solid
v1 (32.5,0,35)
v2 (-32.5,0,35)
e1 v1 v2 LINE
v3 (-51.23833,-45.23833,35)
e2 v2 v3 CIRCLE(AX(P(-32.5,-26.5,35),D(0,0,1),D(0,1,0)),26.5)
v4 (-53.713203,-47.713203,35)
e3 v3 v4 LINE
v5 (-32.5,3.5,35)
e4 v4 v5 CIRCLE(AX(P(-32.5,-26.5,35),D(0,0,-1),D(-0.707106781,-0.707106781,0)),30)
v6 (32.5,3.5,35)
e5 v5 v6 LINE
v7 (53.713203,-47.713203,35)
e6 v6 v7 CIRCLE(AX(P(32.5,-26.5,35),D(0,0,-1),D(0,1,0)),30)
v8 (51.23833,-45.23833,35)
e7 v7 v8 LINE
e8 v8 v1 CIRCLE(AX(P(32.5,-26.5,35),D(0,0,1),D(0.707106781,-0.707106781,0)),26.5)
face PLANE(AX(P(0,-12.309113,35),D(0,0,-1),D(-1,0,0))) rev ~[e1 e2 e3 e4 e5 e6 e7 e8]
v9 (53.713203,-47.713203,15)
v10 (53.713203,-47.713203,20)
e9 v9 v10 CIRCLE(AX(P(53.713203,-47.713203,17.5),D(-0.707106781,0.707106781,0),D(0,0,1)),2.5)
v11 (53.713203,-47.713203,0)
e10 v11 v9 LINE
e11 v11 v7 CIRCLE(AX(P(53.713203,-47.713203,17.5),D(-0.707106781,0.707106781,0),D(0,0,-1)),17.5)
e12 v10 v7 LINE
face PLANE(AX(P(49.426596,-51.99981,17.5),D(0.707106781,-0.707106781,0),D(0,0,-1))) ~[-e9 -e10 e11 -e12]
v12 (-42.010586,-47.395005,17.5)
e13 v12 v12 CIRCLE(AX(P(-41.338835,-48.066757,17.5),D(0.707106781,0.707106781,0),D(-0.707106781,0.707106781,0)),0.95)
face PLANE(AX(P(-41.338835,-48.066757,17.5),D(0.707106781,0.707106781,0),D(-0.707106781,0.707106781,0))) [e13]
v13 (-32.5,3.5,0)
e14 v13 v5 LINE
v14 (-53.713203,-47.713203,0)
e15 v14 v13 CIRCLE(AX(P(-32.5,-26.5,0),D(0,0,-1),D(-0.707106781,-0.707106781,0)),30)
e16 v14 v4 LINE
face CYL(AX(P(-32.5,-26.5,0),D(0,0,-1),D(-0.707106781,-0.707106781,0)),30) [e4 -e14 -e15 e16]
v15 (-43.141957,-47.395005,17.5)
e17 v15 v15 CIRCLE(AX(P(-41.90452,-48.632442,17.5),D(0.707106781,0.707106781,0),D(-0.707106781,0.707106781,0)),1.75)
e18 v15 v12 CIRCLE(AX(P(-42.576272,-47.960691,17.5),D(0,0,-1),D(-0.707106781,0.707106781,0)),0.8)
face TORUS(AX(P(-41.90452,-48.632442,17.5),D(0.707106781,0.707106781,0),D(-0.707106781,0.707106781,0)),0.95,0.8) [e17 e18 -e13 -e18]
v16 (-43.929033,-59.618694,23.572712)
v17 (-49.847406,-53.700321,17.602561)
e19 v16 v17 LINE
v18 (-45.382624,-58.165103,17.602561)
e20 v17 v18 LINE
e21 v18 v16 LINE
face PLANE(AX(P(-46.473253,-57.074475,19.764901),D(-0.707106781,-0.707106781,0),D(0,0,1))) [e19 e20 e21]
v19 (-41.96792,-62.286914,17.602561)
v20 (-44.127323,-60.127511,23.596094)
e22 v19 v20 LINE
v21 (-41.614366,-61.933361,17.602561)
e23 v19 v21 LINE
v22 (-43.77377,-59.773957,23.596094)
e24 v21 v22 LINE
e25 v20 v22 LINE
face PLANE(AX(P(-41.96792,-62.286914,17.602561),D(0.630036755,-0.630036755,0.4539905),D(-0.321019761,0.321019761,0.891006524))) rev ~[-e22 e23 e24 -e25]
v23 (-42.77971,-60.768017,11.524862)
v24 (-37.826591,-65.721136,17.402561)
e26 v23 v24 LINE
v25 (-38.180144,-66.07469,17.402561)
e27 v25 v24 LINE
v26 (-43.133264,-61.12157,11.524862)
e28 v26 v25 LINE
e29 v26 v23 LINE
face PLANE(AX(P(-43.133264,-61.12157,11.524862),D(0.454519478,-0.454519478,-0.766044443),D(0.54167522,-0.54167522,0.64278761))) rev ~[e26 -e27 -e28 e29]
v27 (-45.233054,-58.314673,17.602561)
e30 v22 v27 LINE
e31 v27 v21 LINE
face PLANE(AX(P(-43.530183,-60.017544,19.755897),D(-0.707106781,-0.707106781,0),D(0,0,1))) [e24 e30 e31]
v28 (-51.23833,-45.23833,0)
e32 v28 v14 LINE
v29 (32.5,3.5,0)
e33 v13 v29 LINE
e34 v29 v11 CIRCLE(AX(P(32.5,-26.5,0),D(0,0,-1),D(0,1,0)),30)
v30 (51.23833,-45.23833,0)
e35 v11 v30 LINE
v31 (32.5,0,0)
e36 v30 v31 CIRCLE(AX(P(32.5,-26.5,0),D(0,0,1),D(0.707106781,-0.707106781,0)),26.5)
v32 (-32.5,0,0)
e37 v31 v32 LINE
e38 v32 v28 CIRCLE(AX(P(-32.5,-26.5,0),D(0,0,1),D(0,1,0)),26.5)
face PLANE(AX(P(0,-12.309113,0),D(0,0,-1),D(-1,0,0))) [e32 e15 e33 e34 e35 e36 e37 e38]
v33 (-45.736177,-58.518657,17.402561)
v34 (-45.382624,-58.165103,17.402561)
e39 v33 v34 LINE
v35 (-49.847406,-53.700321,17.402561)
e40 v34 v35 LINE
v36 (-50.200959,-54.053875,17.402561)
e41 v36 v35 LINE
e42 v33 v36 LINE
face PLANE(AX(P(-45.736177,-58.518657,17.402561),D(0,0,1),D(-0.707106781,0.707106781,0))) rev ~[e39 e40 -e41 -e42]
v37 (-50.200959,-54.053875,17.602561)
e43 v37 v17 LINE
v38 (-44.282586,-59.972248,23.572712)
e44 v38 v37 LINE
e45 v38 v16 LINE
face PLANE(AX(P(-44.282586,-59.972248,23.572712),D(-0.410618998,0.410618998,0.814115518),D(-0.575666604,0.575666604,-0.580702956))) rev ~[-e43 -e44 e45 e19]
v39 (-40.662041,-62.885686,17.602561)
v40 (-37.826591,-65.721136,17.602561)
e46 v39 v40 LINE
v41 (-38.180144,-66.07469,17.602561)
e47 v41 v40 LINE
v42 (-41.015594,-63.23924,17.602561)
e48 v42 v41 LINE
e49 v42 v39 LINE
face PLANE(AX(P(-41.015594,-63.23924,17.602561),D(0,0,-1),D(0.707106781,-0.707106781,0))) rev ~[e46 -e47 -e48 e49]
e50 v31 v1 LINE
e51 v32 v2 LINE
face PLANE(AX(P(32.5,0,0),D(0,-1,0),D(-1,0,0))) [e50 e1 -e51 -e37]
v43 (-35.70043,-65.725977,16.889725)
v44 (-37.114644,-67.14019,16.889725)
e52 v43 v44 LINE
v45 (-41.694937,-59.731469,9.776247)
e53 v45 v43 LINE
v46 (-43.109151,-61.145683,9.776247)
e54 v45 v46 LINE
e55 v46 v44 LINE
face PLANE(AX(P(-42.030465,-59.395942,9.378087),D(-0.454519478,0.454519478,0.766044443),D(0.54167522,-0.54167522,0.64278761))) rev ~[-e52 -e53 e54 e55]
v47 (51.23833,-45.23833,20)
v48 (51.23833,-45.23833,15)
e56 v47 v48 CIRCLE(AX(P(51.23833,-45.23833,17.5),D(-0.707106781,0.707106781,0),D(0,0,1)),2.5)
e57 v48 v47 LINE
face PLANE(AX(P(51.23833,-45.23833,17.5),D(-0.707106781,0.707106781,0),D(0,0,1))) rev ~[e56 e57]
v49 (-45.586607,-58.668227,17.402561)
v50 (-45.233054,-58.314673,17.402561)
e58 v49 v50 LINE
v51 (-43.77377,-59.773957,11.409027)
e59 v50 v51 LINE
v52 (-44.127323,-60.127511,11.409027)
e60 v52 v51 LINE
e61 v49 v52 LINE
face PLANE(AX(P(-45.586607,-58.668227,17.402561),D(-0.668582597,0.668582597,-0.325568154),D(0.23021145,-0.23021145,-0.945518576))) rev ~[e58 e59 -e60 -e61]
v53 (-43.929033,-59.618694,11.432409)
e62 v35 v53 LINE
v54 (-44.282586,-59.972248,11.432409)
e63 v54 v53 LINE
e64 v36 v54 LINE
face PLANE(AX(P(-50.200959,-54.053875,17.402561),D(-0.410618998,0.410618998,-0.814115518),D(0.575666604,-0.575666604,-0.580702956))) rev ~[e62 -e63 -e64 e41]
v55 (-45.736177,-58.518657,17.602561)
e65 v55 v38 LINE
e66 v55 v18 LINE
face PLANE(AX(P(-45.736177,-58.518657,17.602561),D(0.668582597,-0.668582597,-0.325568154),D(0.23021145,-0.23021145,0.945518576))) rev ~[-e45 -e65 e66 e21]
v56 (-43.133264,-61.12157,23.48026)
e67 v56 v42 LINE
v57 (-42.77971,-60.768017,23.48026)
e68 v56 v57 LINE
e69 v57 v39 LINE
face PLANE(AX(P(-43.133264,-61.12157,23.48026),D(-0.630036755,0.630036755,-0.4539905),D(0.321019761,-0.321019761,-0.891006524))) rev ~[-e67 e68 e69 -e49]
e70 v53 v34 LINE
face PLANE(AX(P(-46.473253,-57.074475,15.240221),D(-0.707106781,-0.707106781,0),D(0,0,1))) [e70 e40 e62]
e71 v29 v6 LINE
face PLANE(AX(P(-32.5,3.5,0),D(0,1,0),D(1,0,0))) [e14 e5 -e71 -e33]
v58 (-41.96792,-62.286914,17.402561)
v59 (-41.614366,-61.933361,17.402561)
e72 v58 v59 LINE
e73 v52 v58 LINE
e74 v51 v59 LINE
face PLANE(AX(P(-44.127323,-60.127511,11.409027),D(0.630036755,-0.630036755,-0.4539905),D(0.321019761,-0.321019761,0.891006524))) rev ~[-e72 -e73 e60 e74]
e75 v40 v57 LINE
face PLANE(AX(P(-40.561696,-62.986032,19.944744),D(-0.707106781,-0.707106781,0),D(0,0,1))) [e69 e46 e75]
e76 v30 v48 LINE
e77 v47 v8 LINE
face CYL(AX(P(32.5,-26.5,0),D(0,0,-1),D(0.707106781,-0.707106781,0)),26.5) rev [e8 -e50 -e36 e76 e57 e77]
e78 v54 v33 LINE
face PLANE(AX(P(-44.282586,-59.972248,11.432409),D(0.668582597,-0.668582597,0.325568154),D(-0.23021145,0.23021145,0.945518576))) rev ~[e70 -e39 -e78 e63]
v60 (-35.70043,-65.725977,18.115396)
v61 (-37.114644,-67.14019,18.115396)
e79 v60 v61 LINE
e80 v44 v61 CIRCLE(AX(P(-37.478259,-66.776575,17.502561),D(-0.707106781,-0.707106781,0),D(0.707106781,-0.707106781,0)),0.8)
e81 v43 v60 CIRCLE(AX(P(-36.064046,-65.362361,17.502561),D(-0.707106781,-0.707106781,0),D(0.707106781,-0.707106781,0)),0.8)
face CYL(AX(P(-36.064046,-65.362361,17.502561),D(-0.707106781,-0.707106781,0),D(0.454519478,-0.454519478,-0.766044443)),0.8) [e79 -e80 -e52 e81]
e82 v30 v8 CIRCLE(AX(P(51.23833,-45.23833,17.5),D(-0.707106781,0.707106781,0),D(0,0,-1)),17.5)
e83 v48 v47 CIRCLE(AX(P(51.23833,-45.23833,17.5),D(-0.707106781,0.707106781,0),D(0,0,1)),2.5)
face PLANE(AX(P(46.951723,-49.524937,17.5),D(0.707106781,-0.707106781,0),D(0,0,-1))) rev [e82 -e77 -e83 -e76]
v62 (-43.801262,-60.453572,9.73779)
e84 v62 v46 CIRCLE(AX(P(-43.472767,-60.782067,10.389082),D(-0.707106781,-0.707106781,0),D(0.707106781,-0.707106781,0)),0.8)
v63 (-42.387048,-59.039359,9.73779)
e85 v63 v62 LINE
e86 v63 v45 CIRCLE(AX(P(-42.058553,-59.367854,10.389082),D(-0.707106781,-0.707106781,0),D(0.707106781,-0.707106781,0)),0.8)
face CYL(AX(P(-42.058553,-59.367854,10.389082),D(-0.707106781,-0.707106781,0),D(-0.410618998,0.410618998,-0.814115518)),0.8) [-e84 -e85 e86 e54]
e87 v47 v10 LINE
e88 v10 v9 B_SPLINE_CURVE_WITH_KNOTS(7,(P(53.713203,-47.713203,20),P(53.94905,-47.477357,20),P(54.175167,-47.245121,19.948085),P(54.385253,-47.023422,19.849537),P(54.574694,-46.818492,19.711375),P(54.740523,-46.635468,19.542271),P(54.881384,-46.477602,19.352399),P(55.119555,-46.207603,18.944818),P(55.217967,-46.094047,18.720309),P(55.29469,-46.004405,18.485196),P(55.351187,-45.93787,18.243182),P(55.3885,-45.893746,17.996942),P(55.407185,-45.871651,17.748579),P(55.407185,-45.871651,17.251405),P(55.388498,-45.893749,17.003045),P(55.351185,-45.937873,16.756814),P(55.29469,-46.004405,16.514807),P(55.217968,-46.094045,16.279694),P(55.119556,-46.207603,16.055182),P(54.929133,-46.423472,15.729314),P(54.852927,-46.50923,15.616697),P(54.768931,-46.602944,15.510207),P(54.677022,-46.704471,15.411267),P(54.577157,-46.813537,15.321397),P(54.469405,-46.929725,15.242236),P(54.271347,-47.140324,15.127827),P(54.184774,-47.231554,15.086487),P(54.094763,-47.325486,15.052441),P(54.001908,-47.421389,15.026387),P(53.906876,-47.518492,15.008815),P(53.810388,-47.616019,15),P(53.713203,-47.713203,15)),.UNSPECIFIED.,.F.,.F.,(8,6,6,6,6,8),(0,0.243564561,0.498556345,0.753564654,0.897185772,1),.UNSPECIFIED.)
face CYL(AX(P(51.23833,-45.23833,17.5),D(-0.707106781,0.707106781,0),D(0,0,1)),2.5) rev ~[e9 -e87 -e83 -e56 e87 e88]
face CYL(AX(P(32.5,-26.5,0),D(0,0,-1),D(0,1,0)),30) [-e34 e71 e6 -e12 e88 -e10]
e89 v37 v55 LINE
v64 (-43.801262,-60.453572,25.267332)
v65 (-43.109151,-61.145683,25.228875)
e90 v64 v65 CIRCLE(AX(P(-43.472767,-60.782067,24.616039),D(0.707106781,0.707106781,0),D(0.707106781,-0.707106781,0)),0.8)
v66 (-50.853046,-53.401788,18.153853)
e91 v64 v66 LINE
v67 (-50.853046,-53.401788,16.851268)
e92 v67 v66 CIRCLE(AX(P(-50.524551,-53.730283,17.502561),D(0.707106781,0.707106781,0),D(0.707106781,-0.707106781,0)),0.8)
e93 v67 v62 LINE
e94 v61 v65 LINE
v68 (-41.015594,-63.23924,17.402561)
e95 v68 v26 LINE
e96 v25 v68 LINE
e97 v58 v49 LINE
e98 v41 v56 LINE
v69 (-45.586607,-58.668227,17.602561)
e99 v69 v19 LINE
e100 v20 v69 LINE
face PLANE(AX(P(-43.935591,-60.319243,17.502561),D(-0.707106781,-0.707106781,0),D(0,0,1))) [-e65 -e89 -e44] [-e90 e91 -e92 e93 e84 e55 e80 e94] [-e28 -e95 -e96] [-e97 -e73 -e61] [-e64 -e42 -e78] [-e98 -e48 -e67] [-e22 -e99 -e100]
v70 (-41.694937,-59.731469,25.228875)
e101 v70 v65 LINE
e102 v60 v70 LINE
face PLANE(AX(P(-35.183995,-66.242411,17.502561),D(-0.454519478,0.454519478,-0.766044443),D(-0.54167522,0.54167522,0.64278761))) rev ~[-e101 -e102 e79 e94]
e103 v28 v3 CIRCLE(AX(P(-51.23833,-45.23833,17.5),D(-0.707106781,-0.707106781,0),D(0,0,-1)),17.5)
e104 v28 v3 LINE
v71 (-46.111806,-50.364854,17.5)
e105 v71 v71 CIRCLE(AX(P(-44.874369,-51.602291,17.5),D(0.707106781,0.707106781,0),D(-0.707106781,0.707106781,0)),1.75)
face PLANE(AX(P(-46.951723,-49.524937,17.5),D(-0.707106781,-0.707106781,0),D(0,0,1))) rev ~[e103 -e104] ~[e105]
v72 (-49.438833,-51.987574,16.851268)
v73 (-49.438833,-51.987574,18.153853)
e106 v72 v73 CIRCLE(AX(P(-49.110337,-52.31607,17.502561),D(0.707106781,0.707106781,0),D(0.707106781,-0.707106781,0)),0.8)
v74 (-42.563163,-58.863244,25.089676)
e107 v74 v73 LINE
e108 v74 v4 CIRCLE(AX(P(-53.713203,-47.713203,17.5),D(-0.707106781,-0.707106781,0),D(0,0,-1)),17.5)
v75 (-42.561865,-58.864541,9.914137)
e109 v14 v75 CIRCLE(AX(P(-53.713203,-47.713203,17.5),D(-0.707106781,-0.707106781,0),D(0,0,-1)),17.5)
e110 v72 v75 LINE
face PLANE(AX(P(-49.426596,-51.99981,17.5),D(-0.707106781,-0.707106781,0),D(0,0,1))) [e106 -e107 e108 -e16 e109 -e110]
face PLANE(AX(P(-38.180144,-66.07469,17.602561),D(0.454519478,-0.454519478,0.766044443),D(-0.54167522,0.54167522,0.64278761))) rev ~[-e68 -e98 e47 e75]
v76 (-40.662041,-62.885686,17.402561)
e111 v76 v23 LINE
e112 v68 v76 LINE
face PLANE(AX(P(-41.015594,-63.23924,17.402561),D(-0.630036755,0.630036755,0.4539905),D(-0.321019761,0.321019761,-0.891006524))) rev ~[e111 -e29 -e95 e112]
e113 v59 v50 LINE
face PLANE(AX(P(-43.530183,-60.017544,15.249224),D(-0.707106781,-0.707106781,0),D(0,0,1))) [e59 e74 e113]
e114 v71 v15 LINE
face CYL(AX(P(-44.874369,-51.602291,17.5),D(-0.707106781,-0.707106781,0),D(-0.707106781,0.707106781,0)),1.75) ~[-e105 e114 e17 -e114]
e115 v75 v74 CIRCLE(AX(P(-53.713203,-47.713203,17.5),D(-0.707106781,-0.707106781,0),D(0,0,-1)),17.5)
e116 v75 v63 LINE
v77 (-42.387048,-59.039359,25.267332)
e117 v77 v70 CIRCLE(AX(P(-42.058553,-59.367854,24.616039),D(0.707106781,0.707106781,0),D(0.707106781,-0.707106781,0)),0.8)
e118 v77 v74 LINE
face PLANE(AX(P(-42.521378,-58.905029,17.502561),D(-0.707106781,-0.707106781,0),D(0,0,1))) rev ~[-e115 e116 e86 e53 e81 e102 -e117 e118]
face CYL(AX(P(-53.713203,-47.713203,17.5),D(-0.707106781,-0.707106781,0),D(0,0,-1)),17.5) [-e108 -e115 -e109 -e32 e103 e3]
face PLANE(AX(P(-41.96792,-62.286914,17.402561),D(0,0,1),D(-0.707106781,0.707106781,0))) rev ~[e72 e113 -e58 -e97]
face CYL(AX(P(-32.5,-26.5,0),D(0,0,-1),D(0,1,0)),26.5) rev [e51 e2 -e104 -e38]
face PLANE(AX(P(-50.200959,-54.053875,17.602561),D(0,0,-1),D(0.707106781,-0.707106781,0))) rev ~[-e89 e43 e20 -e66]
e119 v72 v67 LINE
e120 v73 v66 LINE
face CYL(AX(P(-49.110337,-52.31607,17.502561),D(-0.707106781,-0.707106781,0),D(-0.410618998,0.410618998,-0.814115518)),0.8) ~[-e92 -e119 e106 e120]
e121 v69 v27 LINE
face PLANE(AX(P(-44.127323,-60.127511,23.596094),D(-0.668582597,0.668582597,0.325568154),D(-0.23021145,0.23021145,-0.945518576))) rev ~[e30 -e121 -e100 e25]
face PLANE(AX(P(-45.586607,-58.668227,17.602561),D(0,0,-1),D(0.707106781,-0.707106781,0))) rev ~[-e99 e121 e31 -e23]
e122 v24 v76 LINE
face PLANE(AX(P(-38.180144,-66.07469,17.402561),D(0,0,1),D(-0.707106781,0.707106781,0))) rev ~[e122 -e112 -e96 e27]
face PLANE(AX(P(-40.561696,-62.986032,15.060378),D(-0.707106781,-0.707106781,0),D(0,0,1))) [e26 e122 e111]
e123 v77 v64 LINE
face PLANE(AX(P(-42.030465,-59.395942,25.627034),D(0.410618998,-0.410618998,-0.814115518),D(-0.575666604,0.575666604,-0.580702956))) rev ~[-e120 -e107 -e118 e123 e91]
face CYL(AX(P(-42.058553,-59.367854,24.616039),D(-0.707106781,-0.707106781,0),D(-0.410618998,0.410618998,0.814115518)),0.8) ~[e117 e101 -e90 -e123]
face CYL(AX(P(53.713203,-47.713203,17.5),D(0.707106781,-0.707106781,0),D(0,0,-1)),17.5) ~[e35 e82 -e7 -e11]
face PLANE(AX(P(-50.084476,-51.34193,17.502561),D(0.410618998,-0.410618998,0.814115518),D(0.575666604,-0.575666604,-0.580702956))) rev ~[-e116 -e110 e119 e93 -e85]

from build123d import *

# Parameters (mm, degrees)
BOSS_EXTRUDE1_DEPTH = 35
BOSS_EXTRUDE2_DEPTH = 3.5
BOSS_EXTRUDE3_DEPTH = 2
CUT_EXTRUDE2_DEPTH  = 0.5
FILLET1_R           = 0.8
SKETCH5_R           = 1.75
BOSS_EXTRUDE4_DEPTH = 5
FILLET2_R           = 0.8
SKETCH6_R           = 2.5
CUT_EXTRUDE4_DEPTH  = 128.140994275


with BuildPart() as part:
    # Sketch1 → Boss-Extrude1 (new body)
    with BuildSketch(Plane.XY):
        with BuildLine():
            ThreePointArc((32.5, 3.5), (60.216385975, -15.019497029), (53.713203436, -47.713203436))
            Line((53.713203436, -47.713203436), (51.238329701, -45.238329701))
            ThreePointArc((51.238329701, -45.238329701), (56.982807612, -16.358889042), (32.5, 0))
            Line((32.5, 0), (-32.5, 0))
            ThreePointArc((-32.5, 0), (-56.982807612, -16.358889042), (-51.238329701, -45.238329701))
            Line((-51.238329701, -45.238329701), (-53.713203436, -47.713203436))
            ThreePointArc((-53.713203436, -47.713203436), (-60.216385975, -15.019497029), (-32.5, 3.5))
            Line((-32.5, 3.5), (32.5, 3.5))
        make_face()
    extrude(amount=BOSS_EXTRUDE1_DEPTH)

    # Sketch2 → Boss-Extrude2 (add)
    with BuildSketch(Plane(origin=(-50.713203436, -50.713203436, 0), x_dir=(0, 0, 1), z_dir=(-0.7071067811865488, -0.7071067811865464, 0))):
        with BuildLine():
            Line((35, 4.242640687), (0, 4.242640687))
            ThreePointArc((0, 4.242640687), (17.5, -13.257359313), (35, 4.242640687))
        make_face()
    boss_extrude2 = extrude(amount=-BOSS_EXTRUDE2_DEPTH)

    # Mirror1: Boss-Extrude2 across plane
    add(boss_extrude2.mirror(Plane(origin=(0, 0, 0), x_dir=(0, 0, 1), z_dir=(1, 0, 0))))

    # Sketch3 → Boss-Extrude3 (add)
    with BuildSketch(Plane(origin=(-50.713203436, -50.713203436, 0), x_dir=(0, 0, 1), z_dir=(-0.7071067811865487, -0.7071067811865465, 0))):
        Polygon((17.502560815, -0.889154327), (9.378087293, -12.279246125), (17.502560815, -21.961616632), (25.627034337, -12.279246125), align=None)
    extrude(amount=BOSS_EXTRUDE3_DEPTH)

    # Sketch4 → Cut-Extrude2 (cut)
    with BuildSketch(Plane(origin=(-52.127416998, -52.127416998, 0), x_dir=(0, 0, 1), z_dir=(-0.7071067811865486, -0.7071067811865465, 0))):
        Polygon((11.432409465, -11.094265864), (17.402560815, -9.038577899), (17.402560815, -2.724422361), align=None)
        Polygon((17.602560815, -9.038577899), (23.572712164, -11.094265864), (17.602560815, -2.724422361), align=None)
        Polygon((17.402560815, -9.250102035), (11.40902714, -11.31384118), (17.402560815, -14.36769912), align=None)
        Polygon((17.602560815, -14.36769912), (23.59609449, -11.31384118), (17.602560815, -9.250102035), align=None)
        Polygon((17.402560815, -15.714490605), (11.524861695, -12.719653319), (17.402560815, -19.724422361), align=None)
        Polygon((17.602560815, -19.724422361), (23.480259935, -12.719653319), (17.602560815, -15.714490605), align=None)
    extrude(amount=-CUT_EXTRUDE2_DEPTH, mode=Mode.SUBTRACT)

    # Fillet1
    fillet1_edges = [part.edges().sort_by_distance(p)[0] for p in [
        (-42.737572014, -60.103048419, 25.627034337),
        (-50.791583162, -52.049037271, 17.502560815),
        (-42.737572014, -60.103048419, 9.378087293),
        (-35.89110217, -66.949518263, 17.502560815),
    ]]
    fillet(fillet1_edges, radius=FILLET1_R)

    # Sketch5 → Boss-Extrude4 (add)
    with BuildSketch(Plane(origin=(-48.238329701, -48.238329701, 0), x_dir=(0, 0, -1), z_dir=(0.7071067811865487, 0.7071067811865465, 0))):
        with Locations(Location((-17.5, -4.757359313, 0), (0, 0, 90))):
            Circle(SKETCH5_R)
    extrude(amount=BOSS_EXTRUDE4_DEPTH)

    # Fillet2
    fillet2_edges = [part.edges().sort_by_distance(p)[0] for p in [
        (-40.101397898, -49.304193693, 17.5),
    ]]
    fillet(fillet2_edges, radius=FILLET2_R)

    # Sketch6 → Cut-Extrude4 (cut, through all)
    with BuildSketch(Plane(origin=(48.238329701, -48.238329701, 0), x_dir=(0, 0, 1), z_dir=(-0.7071067811865487, 0.7071067811865465, 0))):
        with Locations((17.5, 4.242640687)):
            Circle(SKETCH6_R)
    extrude(amount=-CUT_EXTRUDE4_DEPTH, mode=Mode.SUBTRACT)


solid = part.part
